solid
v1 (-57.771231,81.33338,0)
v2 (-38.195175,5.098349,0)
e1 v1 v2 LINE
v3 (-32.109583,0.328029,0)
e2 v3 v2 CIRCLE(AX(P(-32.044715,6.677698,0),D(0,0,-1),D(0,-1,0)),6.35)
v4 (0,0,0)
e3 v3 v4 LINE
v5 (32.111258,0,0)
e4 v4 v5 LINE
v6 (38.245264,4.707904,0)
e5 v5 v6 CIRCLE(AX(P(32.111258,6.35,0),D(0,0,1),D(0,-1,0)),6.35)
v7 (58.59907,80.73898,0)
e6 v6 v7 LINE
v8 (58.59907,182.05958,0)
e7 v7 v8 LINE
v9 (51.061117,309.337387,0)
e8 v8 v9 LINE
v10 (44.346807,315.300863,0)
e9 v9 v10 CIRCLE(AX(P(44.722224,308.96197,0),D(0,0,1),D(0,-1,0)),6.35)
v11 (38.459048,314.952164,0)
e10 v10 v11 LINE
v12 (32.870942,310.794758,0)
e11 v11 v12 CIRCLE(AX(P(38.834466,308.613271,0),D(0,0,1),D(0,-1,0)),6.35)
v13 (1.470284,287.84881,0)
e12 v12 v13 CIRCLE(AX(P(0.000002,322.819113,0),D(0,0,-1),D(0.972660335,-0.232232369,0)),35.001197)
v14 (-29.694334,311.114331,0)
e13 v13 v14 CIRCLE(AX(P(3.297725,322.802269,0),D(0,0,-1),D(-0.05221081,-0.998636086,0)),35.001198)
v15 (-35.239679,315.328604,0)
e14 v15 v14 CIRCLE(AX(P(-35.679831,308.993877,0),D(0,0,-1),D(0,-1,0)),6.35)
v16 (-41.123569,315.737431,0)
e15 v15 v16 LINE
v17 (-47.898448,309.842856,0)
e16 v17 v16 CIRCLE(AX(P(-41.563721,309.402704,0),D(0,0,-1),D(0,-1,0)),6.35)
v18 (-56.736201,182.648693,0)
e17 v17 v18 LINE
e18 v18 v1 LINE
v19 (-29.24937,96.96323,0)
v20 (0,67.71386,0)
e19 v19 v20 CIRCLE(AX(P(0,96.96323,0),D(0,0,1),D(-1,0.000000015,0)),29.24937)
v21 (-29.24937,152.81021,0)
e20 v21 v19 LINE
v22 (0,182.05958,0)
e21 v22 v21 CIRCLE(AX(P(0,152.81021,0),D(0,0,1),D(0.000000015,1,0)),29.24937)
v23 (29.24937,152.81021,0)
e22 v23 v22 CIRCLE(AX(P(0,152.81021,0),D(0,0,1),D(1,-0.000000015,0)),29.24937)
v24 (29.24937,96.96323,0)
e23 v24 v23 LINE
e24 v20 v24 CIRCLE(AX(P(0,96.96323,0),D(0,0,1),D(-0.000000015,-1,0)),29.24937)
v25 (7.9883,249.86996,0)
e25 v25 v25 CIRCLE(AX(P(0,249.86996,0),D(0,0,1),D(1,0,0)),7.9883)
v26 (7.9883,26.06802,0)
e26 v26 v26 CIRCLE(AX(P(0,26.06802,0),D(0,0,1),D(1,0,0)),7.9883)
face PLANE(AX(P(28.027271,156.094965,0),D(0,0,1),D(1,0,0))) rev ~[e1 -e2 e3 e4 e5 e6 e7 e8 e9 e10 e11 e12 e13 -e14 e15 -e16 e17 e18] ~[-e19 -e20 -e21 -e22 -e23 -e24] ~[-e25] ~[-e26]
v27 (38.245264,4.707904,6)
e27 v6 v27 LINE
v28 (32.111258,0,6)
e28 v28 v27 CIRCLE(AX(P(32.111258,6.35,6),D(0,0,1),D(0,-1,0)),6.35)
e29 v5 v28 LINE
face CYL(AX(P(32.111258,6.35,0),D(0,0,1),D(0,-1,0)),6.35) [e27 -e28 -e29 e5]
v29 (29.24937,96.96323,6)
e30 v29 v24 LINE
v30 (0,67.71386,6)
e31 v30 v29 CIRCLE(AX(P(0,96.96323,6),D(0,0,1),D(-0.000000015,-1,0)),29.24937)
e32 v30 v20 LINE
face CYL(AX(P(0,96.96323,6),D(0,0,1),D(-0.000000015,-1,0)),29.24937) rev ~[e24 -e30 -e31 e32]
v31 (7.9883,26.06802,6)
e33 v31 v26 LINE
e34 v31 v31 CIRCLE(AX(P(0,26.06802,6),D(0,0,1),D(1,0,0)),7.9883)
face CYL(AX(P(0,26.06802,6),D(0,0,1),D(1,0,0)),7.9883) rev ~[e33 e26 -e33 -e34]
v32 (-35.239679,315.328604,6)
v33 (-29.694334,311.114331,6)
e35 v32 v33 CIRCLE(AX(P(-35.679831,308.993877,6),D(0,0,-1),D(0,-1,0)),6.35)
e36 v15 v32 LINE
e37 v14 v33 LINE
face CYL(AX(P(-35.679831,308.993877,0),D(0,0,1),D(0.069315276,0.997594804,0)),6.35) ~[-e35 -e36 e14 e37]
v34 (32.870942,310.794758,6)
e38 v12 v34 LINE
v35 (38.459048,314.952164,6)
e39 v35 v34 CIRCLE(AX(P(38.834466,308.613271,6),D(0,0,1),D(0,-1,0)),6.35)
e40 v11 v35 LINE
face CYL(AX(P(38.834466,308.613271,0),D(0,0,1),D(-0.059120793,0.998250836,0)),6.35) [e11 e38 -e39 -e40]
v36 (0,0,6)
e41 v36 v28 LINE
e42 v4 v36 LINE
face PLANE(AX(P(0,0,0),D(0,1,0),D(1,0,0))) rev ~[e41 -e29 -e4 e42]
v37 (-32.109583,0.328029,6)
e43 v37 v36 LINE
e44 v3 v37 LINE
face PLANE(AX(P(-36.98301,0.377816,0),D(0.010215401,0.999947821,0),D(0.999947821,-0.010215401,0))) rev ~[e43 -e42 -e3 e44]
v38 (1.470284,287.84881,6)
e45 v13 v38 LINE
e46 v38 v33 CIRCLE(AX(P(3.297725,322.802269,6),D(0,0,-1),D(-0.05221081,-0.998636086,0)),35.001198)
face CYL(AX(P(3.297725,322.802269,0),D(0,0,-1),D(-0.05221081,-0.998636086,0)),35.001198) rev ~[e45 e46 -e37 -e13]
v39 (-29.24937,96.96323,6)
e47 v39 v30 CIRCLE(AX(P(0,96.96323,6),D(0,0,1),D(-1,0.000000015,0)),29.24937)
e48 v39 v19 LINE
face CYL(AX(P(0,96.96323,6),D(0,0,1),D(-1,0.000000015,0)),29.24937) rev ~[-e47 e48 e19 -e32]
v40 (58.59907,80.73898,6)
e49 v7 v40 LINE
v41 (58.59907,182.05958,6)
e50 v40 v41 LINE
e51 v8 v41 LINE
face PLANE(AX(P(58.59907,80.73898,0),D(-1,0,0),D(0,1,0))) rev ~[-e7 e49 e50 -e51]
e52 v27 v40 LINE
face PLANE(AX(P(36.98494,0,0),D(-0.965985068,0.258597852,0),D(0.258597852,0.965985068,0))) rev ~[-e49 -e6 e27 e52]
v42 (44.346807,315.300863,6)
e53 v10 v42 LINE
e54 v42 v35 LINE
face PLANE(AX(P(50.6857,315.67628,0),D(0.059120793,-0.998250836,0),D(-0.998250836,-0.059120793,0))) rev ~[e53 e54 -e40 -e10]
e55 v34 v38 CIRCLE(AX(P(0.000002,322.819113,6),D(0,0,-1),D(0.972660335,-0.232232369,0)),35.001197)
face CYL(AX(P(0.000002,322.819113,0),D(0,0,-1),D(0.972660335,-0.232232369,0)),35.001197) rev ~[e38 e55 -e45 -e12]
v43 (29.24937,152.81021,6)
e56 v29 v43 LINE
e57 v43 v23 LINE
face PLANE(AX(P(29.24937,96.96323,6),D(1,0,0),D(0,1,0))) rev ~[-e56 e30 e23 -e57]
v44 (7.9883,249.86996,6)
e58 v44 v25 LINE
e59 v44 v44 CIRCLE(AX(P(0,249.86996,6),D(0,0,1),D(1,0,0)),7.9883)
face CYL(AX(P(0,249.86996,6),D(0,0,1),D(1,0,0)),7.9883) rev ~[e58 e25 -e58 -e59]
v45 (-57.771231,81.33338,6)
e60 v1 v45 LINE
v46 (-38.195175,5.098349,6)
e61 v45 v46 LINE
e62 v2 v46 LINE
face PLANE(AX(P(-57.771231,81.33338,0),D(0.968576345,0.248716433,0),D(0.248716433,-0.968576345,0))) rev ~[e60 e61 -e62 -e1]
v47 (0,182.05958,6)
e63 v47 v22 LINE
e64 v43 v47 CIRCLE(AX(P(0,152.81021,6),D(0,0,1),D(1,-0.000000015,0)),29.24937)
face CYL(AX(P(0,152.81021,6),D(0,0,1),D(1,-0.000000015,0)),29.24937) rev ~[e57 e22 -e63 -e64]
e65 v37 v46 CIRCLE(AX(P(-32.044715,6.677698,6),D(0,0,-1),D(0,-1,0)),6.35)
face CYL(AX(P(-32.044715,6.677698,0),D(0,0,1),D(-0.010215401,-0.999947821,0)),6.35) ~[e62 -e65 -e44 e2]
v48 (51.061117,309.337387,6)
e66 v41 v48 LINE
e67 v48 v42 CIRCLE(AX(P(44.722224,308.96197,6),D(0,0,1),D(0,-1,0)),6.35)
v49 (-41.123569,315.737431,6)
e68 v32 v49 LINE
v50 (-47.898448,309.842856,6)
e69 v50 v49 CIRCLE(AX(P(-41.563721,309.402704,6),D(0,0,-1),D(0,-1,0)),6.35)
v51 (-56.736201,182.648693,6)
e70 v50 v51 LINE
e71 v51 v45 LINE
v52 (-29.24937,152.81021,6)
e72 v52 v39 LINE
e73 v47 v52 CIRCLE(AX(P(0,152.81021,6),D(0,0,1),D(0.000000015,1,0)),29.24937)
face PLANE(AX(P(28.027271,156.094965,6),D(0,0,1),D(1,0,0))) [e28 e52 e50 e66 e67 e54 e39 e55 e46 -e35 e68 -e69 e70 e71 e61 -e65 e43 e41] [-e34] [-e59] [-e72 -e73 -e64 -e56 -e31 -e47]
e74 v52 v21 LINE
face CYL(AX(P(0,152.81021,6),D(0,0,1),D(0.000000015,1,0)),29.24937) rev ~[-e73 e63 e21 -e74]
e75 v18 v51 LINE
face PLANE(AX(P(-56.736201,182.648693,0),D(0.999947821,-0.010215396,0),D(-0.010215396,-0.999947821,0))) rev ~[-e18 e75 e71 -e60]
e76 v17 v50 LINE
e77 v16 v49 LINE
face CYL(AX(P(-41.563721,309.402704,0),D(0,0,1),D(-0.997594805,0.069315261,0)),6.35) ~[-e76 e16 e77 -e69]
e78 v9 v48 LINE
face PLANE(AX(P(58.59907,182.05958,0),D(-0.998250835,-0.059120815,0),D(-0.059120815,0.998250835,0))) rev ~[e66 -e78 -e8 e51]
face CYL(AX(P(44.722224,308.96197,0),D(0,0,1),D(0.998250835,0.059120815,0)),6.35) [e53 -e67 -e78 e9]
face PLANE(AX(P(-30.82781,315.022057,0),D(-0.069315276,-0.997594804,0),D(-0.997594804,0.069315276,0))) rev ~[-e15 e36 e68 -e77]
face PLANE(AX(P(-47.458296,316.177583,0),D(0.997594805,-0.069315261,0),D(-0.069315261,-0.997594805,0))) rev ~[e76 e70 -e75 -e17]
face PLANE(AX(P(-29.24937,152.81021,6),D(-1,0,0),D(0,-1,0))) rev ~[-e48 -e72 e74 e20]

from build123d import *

# Parameters (mm, degrees)
F1_DEPTH = 6
F2_R     = 7.9883
F3_DEPTH = 25.4
F6_DEPTH = 25.4
F7_R     = 6.35


with BuildPart() as f1:
    # F0 (on Top) → F1 (new body)
    with BuildSketch(Plane.XY):
        with BuildLine():
            Line((1.470284, 287.84881), (0, 0))
            Line((0, 0), (36.98494, 0))
            Line((36.98494, 0), (58.59907, 80.73898))
            Line((58.59907, 80.73898), (58.59907, 182.05958))
            Line((58.59907, 182.05958), (50.6857, 315.67628))
            Line((50.6857, 315.67628), (34.044278, 314.690702))
            ThreePointArc((34.044278, 314.690702), (22.258545, 295.807244), (1.470284, 287.84881))
        make_face()
        with BuildLine():
            Line((-36.98301, 0.377816), (0, 0))
            Line((0, 0), (1.470284, 287.84881))
            ThreePointArc((1.470284, 287.84881), (-19.235594, 296.019189), (-30.82781, 315.022057))
            Line((-30.82781, 315.022057), (-47.458296, 316.177583))
            Line((-47.458296, 316.177583), (-56.736201, 182.648693))
            Line((-56.736201, 182.648693), (-57.771231, 81.33338))
            Line((-57.771231, 81.33338), (-36.98301, 0.377816))
        make_face()
    extrude(amount=F1_DEPTH)

    # F2 (on face) → F3 (cut)
    with BuildSketch(Plane.XY.offset(6)):
        with Locations((0, 249.86996)):
            Circle(F2_R)
        with Locations((0, 26.06802)):
            Circle(F2_R)
    extrude(amount=-F3_DEPTH, mode=Mode.SUBTRACT)

    # F5 (on face) → F6 (cut)
    with BuildSketch(Plane.XY.offset(6)):
        with BuildLine():
            ThreePointArc((-29.24937, 96.96323), (-20.682428, 76.280802), (0, 67.71386))
            ThreePointArc((0, 67.71386), (20.682428, 76.280802), (29.24937, 96.96323))
            Line((29.24937, 96.96323), (29.24937, 152.81021))
            ThreePointArc((29.24937, 152.81021), (20.682428, 173.492638), (0, 182.05958))
            ThreePointArc((0, 182.05958), (-20.682428, 173.492638), (-29.24937, 152.81021))
            Line((-29.24937, 152.81021), (-29.24937, 96.96323))
        make_face()
    extrude(amount=-F6_DEPTH, mode=Mode.SUBTRACT)

    # F7
    f7_edges = [f1.edges().sort_by_distance(p)[0] for p in [
        (-36.98301, 0.377816, 3),
        (36.98494, 0, 3),
        (50.6857, 315.67628, 3),
        (34.044278, 314.690702, 3),
        (-30.82781, 315.022057, 3),
        (-47.458296, 316.177583, 3),
    ]]
    fillet(f7_edges, radius=F7_R)


solid = f1.part
